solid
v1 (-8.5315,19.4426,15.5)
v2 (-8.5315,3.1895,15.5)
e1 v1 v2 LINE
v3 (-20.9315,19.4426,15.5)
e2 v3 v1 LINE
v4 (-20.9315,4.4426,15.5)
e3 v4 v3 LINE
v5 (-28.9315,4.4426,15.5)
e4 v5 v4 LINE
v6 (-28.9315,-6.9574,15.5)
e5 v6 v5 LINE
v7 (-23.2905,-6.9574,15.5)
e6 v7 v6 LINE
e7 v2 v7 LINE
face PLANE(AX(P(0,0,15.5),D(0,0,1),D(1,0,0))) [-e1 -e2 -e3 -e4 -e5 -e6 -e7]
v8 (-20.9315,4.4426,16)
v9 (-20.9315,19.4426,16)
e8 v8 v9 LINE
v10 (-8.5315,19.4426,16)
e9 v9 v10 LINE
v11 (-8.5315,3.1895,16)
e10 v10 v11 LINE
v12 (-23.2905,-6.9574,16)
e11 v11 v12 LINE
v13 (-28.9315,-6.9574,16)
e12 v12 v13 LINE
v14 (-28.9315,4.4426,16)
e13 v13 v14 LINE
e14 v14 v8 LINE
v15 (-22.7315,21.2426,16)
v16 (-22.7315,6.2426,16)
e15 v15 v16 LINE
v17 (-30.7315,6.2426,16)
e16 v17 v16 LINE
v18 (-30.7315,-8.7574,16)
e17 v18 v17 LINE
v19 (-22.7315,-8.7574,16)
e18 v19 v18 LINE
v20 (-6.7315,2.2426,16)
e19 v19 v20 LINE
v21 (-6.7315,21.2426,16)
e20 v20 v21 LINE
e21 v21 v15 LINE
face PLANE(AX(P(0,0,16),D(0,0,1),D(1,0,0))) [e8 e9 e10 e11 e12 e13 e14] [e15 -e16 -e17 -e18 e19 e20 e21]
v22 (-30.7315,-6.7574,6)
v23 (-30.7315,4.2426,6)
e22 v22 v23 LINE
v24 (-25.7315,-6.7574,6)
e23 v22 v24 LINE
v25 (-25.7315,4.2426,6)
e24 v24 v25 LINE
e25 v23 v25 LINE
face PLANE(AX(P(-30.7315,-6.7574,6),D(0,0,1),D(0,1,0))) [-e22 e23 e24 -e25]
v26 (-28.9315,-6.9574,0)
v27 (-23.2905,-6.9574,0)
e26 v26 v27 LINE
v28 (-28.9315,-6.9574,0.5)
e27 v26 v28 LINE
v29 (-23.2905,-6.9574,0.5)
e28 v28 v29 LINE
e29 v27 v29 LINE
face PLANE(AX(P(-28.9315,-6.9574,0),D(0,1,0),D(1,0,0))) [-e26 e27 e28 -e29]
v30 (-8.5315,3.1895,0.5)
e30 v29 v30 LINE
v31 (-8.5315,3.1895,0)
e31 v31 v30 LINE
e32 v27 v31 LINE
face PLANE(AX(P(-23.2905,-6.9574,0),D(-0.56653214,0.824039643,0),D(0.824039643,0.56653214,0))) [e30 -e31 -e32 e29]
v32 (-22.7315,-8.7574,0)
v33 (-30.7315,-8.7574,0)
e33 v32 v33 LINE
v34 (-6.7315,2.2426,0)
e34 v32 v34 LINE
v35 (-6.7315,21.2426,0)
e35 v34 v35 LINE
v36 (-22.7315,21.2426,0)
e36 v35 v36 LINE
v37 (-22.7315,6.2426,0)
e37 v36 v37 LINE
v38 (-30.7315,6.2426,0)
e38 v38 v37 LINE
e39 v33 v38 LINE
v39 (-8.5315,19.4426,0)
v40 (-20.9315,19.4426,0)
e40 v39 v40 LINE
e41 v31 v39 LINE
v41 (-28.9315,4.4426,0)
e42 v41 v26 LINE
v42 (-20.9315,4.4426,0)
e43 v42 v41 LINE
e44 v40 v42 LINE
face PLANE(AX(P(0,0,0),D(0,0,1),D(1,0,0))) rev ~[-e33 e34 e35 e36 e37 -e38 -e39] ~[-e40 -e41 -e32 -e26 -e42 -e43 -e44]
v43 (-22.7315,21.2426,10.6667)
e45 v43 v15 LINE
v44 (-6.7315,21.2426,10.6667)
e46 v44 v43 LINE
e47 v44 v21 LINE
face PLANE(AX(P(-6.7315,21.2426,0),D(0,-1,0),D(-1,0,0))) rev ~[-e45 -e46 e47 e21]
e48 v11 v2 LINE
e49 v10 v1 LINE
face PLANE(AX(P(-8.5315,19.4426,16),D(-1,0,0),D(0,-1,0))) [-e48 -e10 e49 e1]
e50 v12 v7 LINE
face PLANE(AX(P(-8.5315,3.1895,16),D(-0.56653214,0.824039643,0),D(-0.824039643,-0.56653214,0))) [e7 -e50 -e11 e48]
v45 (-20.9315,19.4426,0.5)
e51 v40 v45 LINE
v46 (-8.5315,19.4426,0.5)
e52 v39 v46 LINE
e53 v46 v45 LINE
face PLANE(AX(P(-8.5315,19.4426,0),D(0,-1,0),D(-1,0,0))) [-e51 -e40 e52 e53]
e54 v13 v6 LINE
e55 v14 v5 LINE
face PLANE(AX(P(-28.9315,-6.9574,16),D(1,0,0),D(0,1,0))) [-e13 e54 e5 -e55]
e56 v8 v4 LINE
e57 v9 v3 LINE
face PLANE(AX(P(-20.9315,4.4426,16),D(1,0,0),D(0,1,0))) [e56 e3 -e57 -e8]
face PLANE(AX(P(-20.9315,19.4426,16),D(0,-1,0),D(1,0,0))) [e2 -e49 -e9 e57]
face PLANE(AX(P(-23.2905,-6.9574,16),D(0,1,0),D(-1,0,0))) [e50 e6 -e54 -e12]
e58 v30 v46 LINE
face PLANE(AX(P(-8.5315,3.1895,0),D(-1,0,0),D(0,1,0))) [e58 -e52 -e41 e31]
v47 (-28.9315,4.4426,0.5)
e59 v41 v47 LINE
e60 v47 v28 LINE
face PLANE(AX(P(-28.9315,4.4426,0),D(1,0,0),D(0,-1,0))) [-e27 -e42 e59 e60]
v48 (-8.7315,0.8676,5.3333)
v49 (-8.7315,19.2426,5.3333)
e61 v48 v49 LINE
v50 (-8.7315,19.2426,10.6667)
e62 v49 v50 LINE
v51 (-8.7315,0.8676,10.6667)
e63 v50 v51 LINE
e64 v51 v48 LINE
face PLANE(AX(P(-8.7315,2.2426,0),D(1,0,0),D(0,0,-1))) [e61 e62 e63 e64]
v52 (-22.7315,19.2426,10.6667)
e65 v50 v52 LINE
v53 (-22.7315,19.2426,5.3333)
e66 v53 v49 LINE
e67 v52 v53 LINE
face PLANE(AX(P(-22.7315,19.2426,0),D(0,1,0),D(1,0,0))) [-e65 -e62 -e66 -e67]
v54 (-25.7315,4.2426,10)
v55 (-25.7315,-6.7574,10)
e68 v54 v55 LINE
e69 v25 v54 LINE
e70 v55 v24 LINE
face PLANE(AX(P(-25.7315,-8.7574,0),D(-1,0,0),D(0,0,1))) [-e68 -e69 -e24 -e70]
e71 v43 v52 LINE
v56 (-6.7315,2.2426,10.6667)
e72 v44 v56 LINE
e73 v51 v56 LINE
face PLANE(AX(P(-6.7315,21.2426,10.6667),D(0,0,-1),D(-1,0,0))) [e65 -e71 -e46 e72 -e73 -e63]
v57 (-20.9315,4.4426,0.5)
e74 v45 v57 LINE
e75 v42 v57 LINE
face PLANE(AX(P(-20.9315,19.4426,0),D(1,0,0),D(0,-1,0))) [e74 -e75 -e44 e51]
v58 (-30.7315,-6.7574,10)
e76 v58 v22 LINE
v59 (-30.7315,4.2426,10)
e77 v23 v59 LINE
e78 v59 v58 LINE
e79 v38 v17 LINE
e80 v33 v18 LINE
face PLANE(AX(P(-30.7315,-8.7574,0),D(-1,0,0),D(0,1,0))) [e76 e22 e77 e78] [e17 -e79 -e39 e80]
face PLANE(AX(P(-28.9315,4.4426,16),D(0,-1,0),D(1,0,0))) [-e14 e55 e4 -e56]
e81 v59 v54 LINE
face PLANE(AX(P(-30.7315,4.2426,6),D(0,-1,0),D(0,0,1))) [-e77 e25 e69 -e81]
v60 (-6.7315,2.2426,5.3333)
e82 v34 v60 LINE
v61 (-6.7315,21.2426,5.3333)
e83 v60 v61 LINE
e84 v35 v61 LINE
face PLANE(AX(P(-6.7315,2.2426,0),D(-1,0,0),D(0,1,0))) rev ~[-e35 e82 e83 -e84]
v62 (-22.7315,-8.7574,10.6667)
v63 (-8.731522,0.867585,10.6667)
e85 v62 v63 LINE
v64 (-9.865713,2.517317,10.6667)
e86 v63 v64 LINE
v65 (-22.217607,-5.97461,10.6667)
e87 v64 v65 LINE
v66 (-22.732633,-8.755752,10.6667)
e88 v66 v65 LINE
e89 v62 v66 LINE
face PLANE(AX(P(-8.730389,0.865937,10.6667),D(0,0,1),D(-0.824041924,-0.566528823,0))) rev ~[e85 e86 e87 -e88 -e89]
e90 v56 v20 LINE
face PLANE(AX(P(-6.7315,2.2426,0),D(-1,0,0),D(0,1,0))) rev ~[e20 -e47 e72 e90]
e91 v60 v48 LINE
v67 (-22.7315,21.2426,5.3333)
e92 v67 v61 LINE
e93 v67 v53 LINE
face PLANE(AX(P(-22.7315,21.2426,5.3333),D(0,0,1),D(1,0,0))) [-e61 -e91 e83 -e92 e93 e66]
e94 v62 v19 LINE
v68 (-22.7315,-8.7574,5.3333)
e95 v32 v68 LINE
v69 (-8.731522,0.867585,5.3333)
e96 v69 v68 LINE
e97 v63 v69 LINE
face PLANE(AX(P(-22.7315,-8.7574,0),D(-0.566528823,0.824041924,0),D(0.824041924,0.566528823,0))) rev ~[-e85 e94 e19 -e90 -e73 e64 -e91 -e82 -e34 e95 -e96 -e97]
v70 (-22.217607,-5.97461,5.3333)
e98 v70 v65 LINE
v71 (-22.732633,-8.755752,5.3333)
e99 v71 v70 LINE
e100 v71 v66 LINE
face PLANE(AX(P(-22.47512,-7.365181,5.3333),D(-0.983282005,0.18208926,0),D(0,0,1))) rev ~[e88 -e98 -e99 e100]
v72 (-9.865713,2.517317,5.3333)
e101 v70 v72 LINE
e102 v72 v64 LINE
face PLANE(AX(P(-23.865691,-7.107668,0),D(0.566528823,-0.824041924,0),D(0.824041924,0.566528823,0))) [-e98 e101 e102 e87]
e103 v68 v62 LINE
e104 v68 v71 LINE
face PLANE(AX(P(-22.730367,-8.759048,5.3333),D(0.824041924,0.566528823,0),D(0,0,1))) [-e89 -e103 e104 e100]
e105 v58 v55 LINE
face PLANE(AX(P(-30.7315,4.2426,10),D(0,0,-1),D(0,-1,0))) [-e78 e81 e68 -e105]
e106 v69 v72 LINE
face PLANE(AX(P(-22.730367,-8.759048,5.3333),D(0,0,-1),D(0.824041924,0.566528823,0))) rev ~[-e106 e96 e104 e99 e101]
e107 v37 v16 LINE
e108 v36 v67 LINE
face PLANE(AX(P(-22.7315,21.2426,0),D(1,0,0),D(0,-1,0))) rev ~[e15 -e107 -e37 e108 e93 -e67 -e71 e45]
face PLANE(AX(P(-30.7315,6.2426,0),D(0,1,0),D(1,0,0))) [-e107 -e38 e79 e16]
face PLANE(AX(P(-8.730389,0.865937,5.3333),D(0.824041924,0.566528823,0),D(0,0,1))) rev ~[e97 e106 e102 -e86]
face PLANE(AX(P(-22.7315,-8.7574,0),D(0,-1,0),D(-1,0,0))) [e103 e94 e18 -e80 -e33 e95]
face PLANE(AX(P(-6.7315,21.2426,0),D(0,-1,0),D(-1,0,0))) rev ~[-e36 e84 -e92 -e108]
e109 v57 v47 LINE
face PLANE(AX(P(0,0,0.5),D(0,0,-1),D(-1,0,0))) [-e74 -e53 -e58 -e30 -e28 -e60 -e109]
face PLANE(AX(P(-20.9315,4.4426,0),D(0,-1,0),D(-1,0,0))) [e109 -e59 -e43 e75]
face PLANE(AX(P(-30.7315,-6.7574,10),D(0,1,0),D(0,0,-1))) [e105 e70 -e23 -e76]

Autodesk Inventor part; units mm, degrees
ref_plane "YZ Plane" through (0, 0, 0) normal (1, 0, 0) x (0, 1, 0)
ref_plane "XZ Plane" through (0, 0, 0) normal (0, 1, 0) x (-1, 0, 0)
ref_plane "XY Plane" through (0, 0, 0) normal (0, 0, 1) x (1, 0, 0)
sketch "Sketch1" plane through (0, 0, 0) normal (0, 0, 1) x (1, 0, 0)
  line L0 (-30.7315, 6.2426) -> (-22.7315, 6.2426)
  line L1 (-22.7315, 6.2426) -> (-22.7315, -8.7574)
  line L2 (-22.7315, -8.7574) -> (-30.7315, -8.7574)
  line L3 (-30.7315, -8.7574) -> (-30.7315, 6.2426)
  line L4 (-6.7315, 2.2426) -> (-6.7315, 21.2426)
  line L5 (-6.7315, 21.2426) -> (-22.7315, 21.2426)
  line L6 (-22.7315, 21.2426) -> (-22.7315, 6.2426)
  line L7 (-22.7315, -8.7574) -> (-6.7315, 2.2426)
  point P0 (0, 0)
  dimension "d0" = 15
  dimension "d1" = 8
  dimension "d2" = 15
  dimension "d3" = 16
  dimension "d4" = 19
extrude "Extrusion1" add sketch "Sketch1" along normal blind 16
sketch "Sketch2" plane through (-22.7315, 21.2426, 0) normal (0, 1, 0) x (1, 0, 0)
  line L0 (16, 0) -> (16, -16) projected
  line L1 (0, -5.3333) -> (16, -5.3333)
  line L2 (16, -5.3333) -> (16, -10.6667)
  line L3 (16, -10.6667) -> (0, -10.6667)
  line L4 (0, -10.6667) -> (0, -5.3333)
  line L5 (0, 0) -> (0, -16) projected
  line L6 (16, 0) -> (0, 0) projected
  line L7 (16, -16) -> (0, -16) projected
  point P0 (22.7315, 0)
  dimension "d7" = 16
  dimension "d8" = 5.3333
  dimension "d9" = 5.3333
extrude "Extrusion2" cut sketch "Sketch2" against normal blind 2 contours L0 L3 L4 L1
sketch "Sketch3" plane through (-6.7315, 2.2426, 0) normal (1, 0, 0) x (0, 0, -1)
  line L0 (-10.6667, 17) -> (-10.6667, 19) projected
  line L1 (-10.6667, 19) -> (-16, 19) projected
  line L2 (-16, 0) -> (-16, 19) projected
  line L3 (0, 0) -> (-16, 0) projected
  line L4 (0, 0) -> (0, 19) projected
  line L5 (0, 19) -> (-5.3333, 19) projected
  line L6 (-5.3333, 19) -> (-5.3333, 17) projected
  line L7 (-5.3333, 17) -> (-10.6667, 17) projected
  line L8 (0, 0) -> (-16, 0) projected
  line L9 (-10.6667, 17) -> (-5.3333, 17)
  line L10 (-10.6667, 17) -> (-10.6667, -2)
  line L11 (-10.6667, -2) -> (-5.3333, -2)
  line L12 (-5.3333, -2) -> (-5.3333, 17)
  point P0 (0, -2.2426)
  dimension "d14" = 19
  dimension "d15" = 19
extrude "Extrusion3" cut sketch "Sketch3" against normal blind 2 contours L7 L12 L3 L10 | L3 L12 L11 L10
sketch "Sketch4" plane through (-22.7315, -8.7574, 0) normal (0.5665, -0.824, 0) x (0.824, 0.5665, 0)
  line L0 (16.9894, 10.6667) -> (19.4165, 10.6667) projected
  line L1 (19.4165, 10.6667) -> (19.4165, 16) projected
  line L2 (0, 16) -> (19.4165, 16) projected
  line L3 (0, 0) -> (0, 16) projected
  line L4 (0, 0) -> (19.4165, 0) projected
  line L5 (19.4165, 0) -> (19.4165, 5.3333) projected
  line L6 (19.4165, 5.3333) -> (16.9894, 5.3333) projected
  line L7 (16.9894, 5.3333) -> (16.9894, 10.6667) projected
  line L8 (16.9894, 10.6667) -> (19.4165, 10.6667) projected
  line L9 (16.9894, 10.6667) -> (0, 10.6667)
  line L10 (0, 10.6667) -> (0, 5.3333)
  line L11 (0, 5.3333) -> (16.9894, 5.3333)
  line L12 (16.9894, 5.3333) -> (16.9894, 10.6667)
  point P0 (23.693, 0)
  dimension "d17" = 19.4165
extrude "Extrusion4" cut sketch "Sketch4" against normal blind 2 contours L7 L11 L3 L9
chamfer "Chamfer1" distance 2 angle 45 1 edges at (-23.8645, -7.1093, 8)
sketch "Sketch5" plane through (-30.7315, -8.7574, 0) normal (-1, 0, 0) x (0, 0, 1)
  line L0 (6, 13) -> (10, 13)
  line L1 (10, 13) -> (10, 2)
  line L2 (10, 2) -> (6, 2)
  line L3 (6, 2) -> (6, 13)
  line L4 (0, 15) -> (0, 0) projected
  line L5 (0, 0) -> (16, 0) projected
  line L6 (16, 15) -> (16, 0) projected
  line L7 (0, 15) -> (16, 15) projected
  point P0 (0, 8.7574)
  dimension "d23" = 4
  dimension "d24" = 11
  dimension "d25" = 6
  dimension "d26" = 15
  dimension "d27" = 16
  dimension "d28" = 2
extrude "Extrusion5" cut sketch "Sketch5" against normal blind 5 contours L0 L1 L2 L3
sketch "Sketch6" plane through (0, 0, 0) normal (0, 0, -1) x (-1, 0, 0)
  line L0 (6.7315, 2.2426) -> (6.7315, 21.2426) projected
  line L1 (22.7315, -8.7574) -> (6.7315, 2.2426) projected
  line L2 (30.7315, -8.7574) -> (22.7315, -8.7574) projected
  line L3 (30.7315, 6.2426) -> (30.7315, -8.7574) projected
  line L4 (22.7315, 6.2426) -> (30.7315, 6.2426) projected
  line L5 (22.7315, 21.2426) -> (22.7315, 6.2426) projected
  line L6 (6.7315, 21.2426) -> (22.7315, 21.2426) projected
  line L7 (20.9315, 19.4426) -> (20.9315, 4.4426)
  line L8 (20.9315, 4.4426) -> (28.9315, 4.4426)
  line L9 (28.9315, 4.4426) -> (28.9315, -6.9574)
  line L10 (28.9315, -6.9574) -> (23.2905, -6.9574)
  line L11 (23.2905, -6.9574) -> (8.5315, 3.1895)
  line L12 (8.5315, 3.1895) -> (8.5315, 19.4426)
  line L13 (8.5315, 19.4426) -> (20.9315, 19.4426)
  point P0 (0, 0)
  dimension "d31" = 1.8
extrude "Extrusion6" cut sketch "Sketch6" against normal blind 0.5 contours L7 L8 L9 L10 L11 L12 L13
sketch "Sketch7" plane through (0, 0, 16) normal (0, 0, 1) x (1, 0, 0)
  line L0 (-6.7315, 21.2426) -> (-22.7315, 21.2426) projected
  line L1 (-6.7315, 2.2426) -> (-6.7315, 21.2426) projected
  line L2 (-6.7315, 2.2426) -> (-6.7315, 21.2426) projected
  line L3 (-6.7315, 21.2426) -> (-22.7315, 21.2426) projected
  line L4 (-22.7315, 21.2426) -> (-22.7315, 6.2426) projected
  line L5 (-22.7315, 6.2426) -> (-30.7315, 6.2426) projected
  line L6 (-30.7315, 6.2426) -> (-30.7315, -8.7574) projected
  line L7 (-30.7315, -8.7574) -> (-22.7315, -8.7574) projected
  line L8 (-22.7315, -8.7574) -> (-6.7315, 2.2426) projected
  line L9 (-20.9315, 4.4426) -> (-20.9315, 19.4426)
  line L10 (-20.9315, 19.4426) -> (-8.5315, 19.4426)
  line L11 (-8.5315, 19.4426) -> (-8.5315, 3.1895)
  line L12 (-8.5315, 3.1895) -> (-23.2905, -6.9574)
  line L13 (-23.2905, -6.9574) -> (-28.9315, -6.9574)
  line L14 (-28.9315, -6.9574) -> (-28.9315, 4.4426)
  line L15 (-28.9315, 4.4426) -> (-20.9315, 4.4426)
  line L16 (-20.9315, 19.4426) -> (-20.9315, 4.4426) projected
  point P0 (0, 0)
  dimension "d34" = 0
extrude "Extrusion7" cut sketch "Sketch7" against normal blind 0.5 contours L9 L10 L11 L12 L13 L14 L15
equation "\"d8\" = 0.333333 * d7"
equation "\"d9\" = -2 * d8 + d7"
equation "\"d14\" = d15"
equation "\"d25\" = -0.5 * d23 + 0.5 * d27"
equation "\"d28\" = -0.5 * d24 + 0.5 * d26"
properties part number "under walle L3"
